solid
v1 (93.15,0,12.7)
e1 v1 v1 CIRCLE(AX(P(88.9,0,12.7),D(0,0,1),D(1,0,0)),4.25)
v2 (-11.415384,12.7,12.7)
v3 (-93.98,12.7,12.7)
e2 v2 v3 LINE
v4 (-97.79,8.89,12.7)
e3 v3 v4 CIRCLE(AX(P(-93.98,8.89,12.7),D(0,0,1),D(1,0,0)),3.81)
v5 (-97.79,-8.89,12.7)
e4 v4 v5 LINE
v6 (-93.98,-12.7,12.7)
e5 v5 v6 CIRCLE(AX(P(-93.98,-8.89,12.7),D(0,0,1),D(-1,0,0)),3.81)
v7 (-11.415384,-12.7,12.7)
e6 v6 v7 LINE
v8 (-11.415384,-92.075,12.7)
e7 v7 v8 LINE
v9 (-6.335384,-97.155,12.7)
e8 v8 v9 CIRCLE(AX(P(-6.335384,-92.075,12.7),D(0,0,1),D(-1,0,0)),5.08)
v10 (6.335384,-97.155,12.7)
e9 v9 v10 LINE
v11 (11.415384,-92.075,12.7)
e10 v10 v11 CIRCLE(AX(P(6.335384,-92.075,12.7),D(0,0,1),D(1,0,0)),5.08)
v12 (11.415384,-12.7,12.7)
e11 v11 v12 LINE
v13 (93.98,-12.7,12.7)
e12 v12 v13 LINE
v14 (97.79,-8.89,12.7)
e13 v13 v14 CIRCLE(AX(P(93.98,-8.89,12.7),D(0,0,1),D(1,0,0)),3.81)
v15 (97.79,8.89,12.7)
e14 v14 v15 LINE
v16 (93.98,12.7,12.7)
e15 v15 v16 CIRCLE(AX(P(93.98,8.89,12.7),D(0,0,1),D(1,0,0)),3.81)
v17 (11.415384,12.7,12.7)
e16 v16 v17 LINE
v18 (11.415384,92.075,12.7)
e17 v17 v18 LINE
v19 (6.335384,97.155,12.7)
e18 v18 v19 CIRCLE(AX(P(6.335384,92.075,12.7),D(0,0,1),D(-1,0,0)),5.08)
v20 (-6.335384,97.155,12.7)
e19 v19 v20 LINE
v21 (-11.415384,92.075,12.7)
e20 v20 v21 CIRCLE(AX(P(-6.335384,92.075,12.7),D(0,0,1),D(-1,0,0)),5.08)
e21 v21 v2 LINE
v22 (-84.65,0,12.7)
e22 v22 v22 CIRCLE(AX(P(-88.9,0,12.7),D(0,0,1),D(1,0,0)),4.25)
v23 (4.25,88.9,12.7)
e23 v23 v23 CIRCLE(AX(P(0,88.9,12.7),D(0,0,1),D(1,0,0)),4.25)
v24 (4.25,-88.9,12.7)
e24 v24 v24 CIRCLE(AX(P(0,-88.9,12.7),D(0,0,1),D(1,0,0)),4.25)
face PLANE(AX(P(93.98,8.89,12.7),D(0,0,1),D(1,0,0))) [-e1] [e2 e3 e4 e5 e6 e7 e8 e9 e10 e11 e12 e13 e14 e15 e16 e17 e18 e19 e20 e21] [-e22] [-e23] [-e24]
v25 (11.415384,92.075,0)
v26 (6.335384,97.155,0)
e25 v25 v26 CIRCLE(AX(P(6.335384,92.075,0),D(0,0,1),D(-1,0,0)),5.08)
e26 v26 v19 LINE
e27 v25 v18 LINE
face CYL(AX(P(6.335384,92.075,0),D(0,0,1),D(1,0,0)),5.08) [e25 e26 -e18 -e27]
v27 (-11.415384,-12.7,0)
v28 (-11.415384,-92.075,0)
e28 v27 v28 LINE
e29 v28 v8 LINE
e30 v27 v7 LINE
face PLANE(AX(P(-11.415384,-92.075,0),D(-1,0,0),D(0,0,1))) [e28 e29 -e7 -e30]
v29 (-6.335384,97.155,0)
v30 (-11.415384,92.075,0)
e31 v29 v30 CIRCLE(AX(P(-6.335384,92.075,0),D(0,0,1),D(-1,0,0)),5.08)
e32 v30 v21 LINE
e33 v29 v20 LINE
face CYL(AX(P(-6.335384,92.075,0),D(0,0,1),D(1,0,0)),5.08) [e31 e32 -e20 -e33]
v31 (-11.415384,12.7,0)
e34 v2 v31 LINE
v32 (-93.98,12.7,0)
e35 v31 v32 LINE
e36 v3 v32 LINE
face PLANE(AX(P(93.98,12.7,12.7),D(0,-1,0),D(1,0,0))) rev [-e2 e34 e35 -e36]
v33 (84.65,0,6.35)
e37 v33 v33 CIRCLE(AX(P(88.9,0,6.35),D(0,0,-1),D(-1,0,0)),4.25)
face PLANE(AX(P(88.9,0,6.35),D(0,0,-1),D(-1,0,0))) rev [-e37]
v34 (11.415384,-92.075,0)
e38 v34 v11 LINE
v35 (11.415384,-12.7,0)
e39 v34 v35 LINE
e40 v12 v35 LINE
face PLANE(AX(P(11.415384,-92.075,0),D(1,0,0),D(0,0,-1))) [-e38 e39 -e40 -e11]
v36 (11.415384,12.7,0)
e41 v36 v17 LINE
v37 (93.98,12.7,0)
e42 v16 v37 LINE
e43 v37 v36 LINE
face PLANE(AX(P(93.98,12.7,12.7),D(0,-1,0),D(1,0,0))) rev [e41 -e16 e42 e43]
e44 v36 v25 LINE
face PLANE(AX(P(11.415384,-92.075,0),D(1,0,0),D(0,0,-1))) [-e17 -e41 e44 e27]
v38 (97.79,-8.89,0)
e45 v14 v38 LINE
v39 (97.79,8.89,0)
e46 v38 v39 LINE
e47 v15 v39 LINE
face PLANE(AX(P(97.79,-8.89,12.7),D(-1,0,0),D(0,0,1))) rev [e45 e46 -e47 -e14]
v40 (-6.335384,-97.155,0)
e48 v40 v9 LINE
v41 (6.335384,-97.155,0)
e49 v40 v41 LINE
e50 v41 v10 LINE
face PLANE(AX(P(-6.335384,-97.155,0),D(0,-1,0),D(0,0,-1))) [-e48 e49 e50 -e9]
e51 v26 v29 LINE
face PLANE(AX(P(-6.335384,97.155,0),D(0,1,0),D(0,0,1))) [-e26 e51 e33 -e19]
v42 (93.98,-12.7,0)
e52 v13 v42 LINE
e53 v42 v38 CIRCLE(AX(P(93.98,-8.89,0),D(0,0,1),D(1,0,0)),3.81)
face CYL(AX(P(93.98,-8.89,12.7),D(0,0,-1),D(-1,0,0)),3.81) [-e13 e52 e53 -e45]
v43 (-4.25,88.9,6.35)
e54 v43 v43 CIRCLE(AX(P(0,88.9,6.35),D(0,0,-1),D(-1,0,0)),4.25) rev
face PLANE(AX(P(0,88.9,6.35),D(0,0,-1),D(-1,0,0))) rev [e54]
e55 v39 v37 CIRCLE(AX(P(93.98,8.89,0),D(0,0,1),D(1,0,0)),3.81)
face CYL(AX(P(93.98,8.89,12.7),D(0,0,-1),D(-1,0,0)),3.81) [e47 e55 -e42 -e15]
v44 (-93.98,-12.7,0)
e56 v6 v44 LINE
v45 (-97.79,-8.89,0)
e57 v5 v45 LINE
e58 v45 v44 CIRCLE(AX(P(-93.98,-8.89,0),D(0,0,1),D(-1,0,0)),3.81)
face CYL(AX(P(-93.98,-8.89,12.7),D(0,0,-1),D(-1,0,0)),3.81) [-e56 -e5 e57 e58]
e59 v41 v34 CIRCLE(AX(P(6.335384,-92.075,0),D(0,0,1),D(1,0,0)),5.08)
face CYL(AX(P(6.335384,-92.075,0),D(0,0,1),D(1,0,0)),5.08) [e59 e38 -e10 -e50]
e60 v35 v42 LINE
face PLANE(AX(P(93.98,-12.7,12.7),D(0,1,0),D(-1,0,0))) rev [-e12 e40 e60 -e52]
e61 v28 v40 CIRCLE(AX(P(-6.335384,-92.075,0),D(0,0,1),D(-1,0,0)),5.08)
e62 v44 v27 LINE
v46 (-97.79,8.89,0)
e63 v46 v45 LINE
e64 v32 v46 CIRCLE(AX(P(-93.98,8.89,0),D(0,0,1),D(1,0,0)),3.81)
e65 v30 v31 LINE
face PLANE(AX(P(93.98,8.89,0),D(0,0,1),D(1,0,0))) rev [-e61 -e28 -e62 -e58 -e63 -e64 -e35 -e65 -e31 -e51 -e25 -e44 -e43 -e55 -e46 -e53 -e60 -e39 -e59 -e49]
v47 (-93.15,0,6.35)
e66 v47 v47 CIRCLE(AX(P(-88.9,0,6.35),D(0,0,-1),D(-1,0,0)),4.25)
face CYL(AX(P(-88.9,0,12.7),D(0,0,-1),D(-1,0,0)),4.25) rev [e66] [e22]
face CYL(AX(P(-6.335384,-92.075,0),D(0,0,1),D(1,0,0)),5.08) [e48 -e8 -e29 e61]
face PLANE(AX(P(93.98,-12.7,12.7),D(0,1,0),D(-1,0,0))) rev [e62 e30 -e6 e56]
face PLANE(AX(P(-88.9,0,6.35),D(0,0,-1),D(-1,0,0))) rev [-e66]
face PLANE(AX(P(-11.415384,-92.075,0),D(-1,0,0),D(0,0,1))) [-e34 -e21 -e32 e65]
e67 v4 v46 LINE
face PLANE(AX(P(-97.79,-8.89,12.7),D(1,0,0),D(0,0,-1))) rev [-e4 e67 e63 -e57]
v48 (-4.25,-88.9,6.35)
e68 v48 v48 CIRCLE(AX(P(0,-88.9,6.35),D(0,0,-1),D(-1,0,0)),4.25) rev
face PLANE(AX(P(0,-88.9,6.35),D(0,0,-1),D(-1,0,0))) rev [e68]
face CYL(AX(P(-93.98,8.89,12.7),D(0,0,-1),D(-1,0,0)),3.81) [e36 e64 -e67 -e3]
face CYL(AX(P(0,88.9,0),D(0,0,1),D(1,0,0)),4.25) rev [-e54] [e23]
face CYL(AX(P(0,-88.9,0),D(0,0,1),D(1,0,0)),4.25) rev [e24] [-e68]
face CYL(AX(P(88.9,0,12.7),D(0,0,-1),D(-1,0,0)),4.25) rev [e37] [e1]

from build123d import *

# Parameters (mm, degrees)
SKETCH1_R           = 4.25
BOSS_EXTRUDE1_DEPTH = 12.7
SKETCH3_R           = 4.25
BOSS_EXTRUDE3_DEPTH = 12.7
SKETCH2_R           = 4.25
BOSS_EXTRUDE2_DEPTH = 6.35


with BuildPart() as part:
    # Sketch1 → Boss-Extrude1 (new body)
    with BuildSketch(Plane.XY):
        with BuildLine():
            Line((93.98, -12.7), (-93.98, -12.7))
            ThreePointArc((-93.98, -12.7), (-96.674076836, -11.584076836), (-97.79, -8.89))
            Line((-97.79, -8.89), (-97.79, 8.89))
            ThreePointArc((-97.79, 8.89), (-96.674076836, 11.584076836), (-93.98, 12.7))
            Line((-93.98, 12.7), (93.98, 12.7))
            ThreePointArc((93.98, 12.7), (96.674076836, 11.584076836), (97.79, 8.89))
            Line((97.79, 8.89), (97.79, -8.89))
            ThreePointArc((97.79, -8.89), (96.674076836, -11.584076836), (93.98, -12.7))
        make_face()
        with Locations((-88.9, 0)):
            Circle(SKETCH1_R, mode=Mode.SUBTRACT)
        with Locations((88.9, 0)):
            Circle(SKETCH1_R, mode=Mode.SUBTRACT)
    extrude(amount=BOSS_EXTRUDE1_DEPTH)

    # Sketch3 → Boss-Extrude3 (add, through all)
    with BuildSketch(Plane.XY.offset(12.7)):
        with BuildLine():
            Line((-6.335384206, -97.155), (6.335384206, -97.155))
            ThreePointArc((6.335384206, -97.155), (9.927486654, -95.667102448), (11.415384206, -92.075))
            Line((11.415384206, -92.075), (11.415384206, 92.075))
            ThreePointArc((11.415384206, 92.075), (9.927486654, 95.667102448), (6.335384206, 97.155))
            Line((6.335384206, 97.155), (-6.335384206, 97.155))
            ThreePointArc((-6.335384206, 97.155), (-9.927486654, 95.667102448), (-11.415384206, 92.075))
            Line((-11.415384206, 92.075), (-11.415384206, -92.075))
            ThreePointArc((-11.415384206, -92.075), (-9.927486654, -95.667102448), (-6.335384206, -97.155))
        make_face()
        with Locations((0, 88.9)):
            Circle(SKETCH3_R, mode=Mode.SUBTRACT)
        with Locations((0, -88.9)):
            Circle(SKETCH3_R, mode=Mode.SUBTRACT)
    extrude(amount=-BOSS_EXTRUDE3_DEPTH)

    # Sketch2 → Boss-Extrude2 (add)
    with BuildSketch(Plane(origin=(0, 0, 0), x_dir=(-1, 0, 0), z_dir=(0, 0, -1))):
        with Locations(Location((0, 88.9, 0), (0, 0, 180))):
            Circle(SKETCH2_R)
        with Locations((-88.9, 0)):
            Circle(SKETCH2_R)
        with Locations(Location((0, -88.9, 0), (0, 0, 180))):
            Circle(SKETCH2_R)
        with Locations((88.9, 0)):
            Circle(SKETCH2_R)
    extrude(amount=-BOSS_EXTRUDE2_DEPTH)


solid = part.part
